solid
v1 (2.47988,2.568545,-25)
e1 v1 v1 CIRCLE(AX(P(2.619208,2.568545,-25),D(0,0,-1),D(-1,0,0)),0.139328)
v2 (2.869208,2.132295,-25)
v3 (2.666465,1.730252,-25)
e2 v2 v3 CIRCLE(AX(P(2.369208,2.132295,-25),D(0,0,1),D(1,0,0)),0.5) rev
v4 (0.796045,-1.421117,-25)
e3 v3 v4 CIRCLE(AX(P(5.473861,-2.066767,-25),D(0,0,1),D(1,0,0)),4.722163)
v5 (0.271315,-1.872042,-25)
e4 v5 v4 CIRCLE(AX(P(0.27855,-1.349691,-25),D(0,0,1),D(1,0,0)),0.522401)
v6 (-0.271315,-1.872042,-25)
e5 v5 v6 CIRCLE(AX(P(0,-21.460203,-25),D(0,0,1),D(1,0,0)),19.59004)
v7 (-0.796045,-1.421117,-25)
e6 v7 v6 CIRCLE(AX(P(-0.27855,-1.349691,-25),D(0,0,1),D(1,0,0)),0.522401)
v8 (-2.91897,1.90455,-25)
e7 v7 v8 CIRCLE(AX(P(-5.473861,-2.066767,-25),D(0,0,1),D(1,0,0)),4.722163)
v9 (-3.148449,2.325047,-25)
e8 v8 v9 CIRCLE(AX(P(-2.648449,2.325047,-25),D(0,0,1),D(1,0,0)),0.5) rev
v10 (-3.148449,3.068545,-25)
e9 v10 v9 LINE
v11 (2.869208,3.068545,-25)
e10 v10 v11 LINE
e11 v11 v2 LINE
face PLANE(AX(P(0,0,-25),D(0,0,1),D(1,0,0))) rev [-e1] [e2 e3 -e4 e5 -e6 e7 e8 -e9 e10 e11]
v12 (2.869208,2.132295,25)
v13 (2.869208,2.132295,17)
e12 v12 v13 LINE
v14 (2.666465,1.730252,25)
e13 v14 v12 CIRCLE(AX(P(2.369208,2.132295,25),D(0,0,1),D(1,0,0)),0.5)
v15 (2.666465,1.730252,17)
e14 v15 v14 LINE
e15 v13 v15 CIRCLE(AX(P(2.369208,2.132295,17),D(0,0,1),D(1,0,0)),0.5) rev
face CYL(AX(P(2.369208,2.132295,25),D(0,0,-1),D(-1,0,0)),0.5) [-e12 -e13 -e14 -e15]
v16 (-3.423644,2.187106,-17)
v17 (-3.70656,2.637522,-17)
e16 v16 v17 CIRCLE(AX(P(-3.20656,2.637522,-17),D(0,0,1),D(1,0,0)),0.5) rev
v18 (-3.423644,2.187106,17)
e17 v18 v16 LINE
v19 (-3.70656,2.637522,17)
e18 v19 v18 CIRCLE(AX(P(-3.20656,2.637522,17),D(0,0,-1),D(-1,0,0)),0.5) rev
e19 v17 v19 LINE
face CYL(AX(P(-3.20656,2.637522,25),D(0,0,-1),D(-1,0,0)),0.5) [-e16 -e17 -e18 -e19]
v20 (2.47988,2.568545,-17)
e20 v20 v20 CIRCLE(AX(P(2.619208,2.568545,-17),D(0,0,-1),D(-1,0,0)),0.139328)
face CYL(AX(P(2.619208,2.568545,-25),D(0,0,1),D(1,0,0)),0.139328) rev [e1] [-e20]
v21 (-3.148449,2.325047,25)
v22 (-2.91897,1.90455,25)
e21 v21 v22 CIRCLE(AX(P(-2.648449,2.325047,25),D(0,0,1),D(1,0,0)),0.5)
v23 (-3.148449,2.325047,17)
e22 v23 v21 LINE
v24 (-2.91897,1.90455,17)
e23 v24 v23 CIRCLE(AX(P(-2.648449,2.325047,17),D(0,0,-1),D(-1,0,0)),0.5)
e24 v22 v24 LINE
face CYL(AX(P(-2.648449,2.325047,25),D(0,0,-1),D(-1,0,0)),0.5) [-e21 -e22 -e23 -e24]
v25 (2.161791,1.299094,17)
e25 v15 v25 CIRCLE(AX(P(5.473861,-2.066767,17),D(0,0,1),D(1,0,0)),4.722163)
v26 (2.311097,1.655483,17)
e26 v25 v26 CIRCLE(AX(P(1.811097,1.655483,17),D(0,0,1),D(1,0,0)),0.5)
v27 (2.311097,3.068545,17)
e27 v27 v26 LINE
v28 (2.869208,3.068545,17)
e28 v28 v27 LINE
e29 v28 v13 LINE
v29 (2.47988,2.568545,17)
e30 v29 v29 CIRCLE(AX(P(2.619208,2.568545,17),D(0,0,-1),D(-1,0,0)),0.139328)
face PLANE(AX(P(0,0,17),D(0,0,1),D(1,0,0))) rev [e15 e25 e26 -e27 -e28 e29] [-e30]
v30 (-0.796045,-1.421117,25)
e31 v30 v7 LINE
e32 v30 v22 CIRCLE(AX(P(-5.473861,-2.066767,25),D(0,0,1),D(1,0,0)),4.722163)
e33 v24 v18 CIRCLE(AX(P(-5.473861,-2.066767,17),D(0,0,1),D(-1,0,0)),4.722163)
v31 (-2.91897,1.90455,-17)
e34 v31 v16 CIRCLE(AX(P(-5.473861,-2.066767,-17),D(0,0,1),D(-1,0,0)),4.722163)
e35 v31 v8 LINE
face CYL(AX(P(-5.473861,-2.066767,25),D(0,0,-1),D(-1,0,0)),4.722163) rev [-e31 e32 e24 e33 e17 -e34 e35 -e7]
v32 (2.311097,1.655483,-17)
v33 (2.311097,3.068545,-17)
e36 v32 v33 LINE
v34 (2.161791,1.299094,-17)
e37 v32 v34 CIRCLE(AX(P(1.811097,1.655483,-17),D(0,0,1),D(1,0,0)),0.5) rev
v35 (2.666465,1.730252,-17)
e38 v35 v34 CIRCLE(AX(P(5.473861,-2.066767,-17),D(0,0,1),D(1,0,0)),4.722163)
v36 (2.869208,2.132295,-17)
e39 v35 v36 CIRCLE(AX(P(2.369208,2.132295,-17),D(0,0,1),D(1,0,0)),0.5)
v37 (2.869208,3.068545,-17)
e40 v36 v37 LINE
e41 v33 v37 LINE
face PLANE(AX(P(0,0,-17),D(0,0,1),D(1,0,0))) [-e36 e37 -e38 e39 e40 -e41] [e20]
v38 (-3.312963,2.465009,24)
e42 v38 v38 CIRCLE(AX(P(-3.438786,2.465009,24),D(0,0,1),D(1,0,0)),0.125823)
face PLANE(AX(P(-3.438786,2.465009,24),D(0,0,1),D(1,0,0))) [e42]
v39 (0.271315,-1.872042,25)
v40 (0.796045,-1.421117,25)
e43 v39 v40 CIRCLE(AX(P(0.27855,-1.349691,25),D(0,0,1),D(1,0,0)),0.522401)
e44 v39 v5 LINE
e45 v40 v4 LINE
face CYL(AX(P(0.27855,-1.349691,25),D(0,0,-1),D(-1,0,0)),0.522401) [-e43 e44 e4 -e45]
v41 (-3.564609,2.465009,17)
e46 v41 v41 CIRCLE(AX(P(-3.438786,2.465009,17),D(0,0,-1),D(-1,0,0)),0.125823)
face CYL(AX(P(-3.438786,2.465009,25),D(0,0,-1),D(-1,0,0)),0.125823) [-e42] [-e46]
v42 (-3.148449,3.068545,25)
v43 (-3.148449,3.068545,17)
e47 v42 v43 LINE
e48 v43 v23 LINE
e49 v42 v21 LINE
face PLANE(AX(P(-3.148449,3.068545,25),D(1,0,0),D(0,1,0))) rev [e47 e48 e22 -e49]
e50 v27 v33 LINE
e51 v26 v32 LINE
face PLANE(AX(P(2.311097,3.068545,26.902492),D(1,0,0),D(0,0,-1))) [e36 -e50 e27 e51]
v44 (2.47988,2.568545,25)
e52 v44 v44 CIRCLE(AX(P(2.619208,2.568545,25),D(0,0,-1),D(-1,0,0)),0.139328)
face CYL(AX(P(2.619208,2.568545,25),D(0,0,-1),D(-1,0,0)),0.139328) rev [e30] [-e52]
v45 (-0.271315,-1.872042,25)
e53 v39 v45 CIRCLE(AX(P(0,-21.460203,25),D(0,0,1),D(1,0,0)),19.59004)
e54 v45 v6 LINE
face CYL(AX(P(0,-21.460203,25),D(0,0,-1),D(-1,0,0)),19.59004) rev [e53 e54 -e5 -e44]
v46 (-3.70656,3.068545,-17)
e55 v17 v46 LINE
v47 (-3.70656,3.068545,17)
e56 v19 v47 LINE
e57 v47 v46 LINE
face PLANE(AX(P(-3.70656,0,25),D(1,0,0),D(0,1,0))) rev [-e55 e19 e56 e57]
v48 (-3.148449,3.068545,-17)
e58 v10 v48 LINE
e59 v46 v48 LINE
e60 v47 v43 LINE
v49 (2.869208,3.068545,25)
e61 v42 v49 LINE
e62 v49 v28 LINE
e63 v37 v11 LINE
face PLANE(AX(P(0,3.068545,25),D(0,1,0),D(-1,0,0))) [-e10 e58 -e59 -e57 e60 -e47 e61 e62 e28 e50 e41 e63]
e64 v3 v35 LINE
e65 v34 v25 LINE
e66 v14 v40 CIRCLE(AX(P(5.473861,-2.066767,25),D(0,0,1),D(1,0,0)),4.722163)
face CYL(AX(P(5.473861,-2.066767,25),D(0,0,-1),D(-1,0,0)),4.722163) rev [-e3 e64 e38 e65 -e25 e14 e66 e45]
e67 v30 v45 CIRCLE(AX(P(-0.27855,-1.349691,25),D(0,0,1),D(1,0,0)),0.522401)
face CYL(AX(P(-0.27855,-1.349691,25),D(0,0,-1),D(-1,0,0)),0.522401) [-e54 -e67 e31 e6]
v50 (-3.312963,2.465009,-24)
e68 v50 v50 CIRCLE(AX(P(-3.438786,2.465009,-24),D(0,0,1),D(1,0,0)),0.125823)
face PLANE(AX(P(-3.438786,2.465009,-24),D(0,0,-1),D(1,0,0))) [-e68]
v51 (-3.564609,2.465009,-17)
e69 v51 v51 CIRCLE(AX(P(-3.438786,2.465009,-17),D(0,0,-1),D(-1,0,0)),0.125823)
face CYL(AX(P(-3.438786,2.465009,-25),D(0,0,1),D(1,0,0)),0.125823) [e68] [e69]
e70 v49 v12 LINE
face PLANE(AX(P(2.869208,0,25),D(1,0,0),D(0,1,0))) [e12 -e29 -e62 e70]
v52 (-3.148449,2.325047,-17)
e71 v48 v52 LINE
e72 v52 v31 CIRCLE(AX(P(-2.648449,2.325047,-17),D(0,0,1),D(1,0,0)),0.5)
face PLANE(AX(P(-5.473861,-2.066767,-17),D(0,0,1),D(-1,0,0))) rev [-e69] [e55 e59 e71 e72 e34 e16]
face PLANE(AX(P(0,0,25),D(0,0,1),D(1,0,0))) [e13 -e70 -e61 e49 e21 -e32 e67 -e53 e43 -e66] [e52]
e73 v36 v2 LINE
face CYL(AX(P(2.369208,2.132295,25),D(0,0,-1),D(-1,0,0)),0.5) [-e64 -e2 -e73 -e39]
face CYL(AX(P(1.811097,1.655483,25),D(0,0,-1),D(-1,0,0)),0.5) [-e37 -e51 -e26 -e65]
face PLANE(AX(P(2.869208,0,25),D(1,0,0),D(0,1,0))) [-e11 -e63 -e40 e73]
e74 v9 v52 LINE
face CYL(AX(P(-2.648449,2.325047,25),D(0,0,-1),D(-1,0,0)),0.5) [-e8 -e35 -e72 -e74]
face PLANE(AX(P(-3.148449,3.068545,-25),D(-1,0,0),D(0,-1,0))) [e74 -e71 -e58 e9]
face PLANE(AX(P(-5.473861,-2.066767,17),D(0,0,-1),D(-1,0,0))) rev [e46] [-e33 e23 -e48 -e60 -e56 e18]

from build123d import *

# Parameters (mm, degrees)
BOSS_EXTRUDE1_DEPTH     = 25
CUT_EXTRUDE6_DEPTH      = 17
CUT_EXTRUDE6_DEPTH_BACK = 17
SKETCH9_W               = 0.558111167
SKETCH9_H               = 1.818787441
CUT_EXTRUDE7_START      = -8
SKETCH11_R              = 0.139327756
SKETCH11_R_2            = 0.125822814
CUT_EXTRUDE7_DEPTH      = 8
SKETCH13_R              = 0.125822814
CUT_EXTRUDE12_DEPTH     = 1
FILLET3_R               = 0.5


with BuildPart() as part:
    # Sketch1 → Boss-Extrude1 (new, symmetric)
    with BuildSketch(Plane.XY):
        with BuildLine():
            Line((2.869208069, 3.068545431), (-3.706559837, 3.068545431))
            Line((-3.706559837, 3.068545431), (-3.706559837, 2.312213583))
            ThreePointArc((-3.706559837, 2.312213583), (-1.749706829, 0.836593392), (-0.796044874, -1.421117289))
            ThreePointArc((-0.796044874, -1.421117289), (-0.61902671, -1.745895622), (-0.271314784, -1.872041617))
            ThreePointArc((-0.271314784, -1.872041617), (0, -1.870162722), (0.271314784, -1.872041617))
            ThreePointArc((0.271314784, -1.872041617), (0.61902671, -1.745895622), (0.796044874, -1.421117289))
            ThreePointArc((0.796044874, -1.421117289), (1.477625841, 0.448969612), (2.869208069, 1.872091721))
            Line((2.869208069, 1.872091721), (2.869208069, 3.068545431))
        make_face()
    extrude(amount=BOSS_EXTRUDE1_DEPTH, both=True)

    # Sketch9 → Cut-Extrude6 (cut, two sides: drawn at the far end of the back side and taken through both)
    with BuildSketch(Plane.XY.offset(-CUT_EXTRUDE6_DEPTH_BACK)):
        with Locations((2.590152485, 2.15915171)):
            Rectangle(SKETCH9_W, SKETCH9_H)
    extrude(amount=CUT_EXTRUDE6_DEPTH + CUT_EXTRUDE6_DEPTH_BACK, mode=Mode.SUBTRACT)

    # Sketch11 → Cut-Extrude7 (cut)
    # profile 1 of 2: a face of its own
    with BuildSketch(Plane(origin=(0, 0, 17), x_dir=(-1, 0, 0), z_dir=(0, 0, -1)).offset(CUT_EXTRUDE7_START)):
        with Locations((-2.619208069, 2.568545431)):
            Circle(SKETCH11_R)
    # profile 2 of 2: a face of its own
    with BuildSketch(Plane(origin=(0, 0, 17), x_dir=(-1, 0, 0), z_dir=(0, 0, -1)).offset(CUT_EXTRUDE7_START)):
        with BuildLine():
            Line((3.706559837, 3.068545431), (3.706559837, 2.312213583))
            ThreePointArc((3.706559837, 2.312213583), (3.423086279, 2.186837068), (3.14844867, 2.043133511))
            Line((3.14844867, 2.043133511), (3.14844867, 3.068545431))
            Line((3.14844867, 3.068545431), (3.706559837, 3.068545431))
        make_face()
        with Locations((3.438785788, 2.465008687)):
            Circle(SKETCH11_R_2, mode=Mode.SUBTRACT)
    cut_extrude7 = extrude(amount=CUT_EXTRUDE7_DEPTH, mode=Mode.SUBTRACT)

    # Sketch13 → Cut-Extrude12 (cut)
    with BuildSketch(Plane.XY.offset(25)):
        with Locations(Location((-3.438785788, 2.465008687, 0), (0, 0, 180))):
            Circle(SKETCH13_R)
    cut_extrude12 = extrude(amount=-CUT_EXTRUDE12_DEPTH, mode=Mode.SUBTRACT)

    # Mirror1: Cut-Extrude7, Cut-Extrude12 across plane
    add(cut_extrude7.mirror(Plane.XY), mode=Mode.SUBTRACT)
    add(cut_extrude12.mirror(Plane.XY), mode=Mode.SUBTRACT)

    # Fillet3
    fillet3_edges = [part.edges().sort_by_distance(p)[0] for p in [
        (-3.14844867, 2.043133511, -21),
        (2.869208069, 1.872091721, 21),
        (2.869208069, 1.872091721, -21),
        (2.311096902, 1.439762425, 0),
        (-3.706559837, 2.312213583, 0),
        (-3.14844867, 2.043133511, 21),
    ]]
    fillet(fillet3_edges, radius=FILLET3_R)


solid = part.part
